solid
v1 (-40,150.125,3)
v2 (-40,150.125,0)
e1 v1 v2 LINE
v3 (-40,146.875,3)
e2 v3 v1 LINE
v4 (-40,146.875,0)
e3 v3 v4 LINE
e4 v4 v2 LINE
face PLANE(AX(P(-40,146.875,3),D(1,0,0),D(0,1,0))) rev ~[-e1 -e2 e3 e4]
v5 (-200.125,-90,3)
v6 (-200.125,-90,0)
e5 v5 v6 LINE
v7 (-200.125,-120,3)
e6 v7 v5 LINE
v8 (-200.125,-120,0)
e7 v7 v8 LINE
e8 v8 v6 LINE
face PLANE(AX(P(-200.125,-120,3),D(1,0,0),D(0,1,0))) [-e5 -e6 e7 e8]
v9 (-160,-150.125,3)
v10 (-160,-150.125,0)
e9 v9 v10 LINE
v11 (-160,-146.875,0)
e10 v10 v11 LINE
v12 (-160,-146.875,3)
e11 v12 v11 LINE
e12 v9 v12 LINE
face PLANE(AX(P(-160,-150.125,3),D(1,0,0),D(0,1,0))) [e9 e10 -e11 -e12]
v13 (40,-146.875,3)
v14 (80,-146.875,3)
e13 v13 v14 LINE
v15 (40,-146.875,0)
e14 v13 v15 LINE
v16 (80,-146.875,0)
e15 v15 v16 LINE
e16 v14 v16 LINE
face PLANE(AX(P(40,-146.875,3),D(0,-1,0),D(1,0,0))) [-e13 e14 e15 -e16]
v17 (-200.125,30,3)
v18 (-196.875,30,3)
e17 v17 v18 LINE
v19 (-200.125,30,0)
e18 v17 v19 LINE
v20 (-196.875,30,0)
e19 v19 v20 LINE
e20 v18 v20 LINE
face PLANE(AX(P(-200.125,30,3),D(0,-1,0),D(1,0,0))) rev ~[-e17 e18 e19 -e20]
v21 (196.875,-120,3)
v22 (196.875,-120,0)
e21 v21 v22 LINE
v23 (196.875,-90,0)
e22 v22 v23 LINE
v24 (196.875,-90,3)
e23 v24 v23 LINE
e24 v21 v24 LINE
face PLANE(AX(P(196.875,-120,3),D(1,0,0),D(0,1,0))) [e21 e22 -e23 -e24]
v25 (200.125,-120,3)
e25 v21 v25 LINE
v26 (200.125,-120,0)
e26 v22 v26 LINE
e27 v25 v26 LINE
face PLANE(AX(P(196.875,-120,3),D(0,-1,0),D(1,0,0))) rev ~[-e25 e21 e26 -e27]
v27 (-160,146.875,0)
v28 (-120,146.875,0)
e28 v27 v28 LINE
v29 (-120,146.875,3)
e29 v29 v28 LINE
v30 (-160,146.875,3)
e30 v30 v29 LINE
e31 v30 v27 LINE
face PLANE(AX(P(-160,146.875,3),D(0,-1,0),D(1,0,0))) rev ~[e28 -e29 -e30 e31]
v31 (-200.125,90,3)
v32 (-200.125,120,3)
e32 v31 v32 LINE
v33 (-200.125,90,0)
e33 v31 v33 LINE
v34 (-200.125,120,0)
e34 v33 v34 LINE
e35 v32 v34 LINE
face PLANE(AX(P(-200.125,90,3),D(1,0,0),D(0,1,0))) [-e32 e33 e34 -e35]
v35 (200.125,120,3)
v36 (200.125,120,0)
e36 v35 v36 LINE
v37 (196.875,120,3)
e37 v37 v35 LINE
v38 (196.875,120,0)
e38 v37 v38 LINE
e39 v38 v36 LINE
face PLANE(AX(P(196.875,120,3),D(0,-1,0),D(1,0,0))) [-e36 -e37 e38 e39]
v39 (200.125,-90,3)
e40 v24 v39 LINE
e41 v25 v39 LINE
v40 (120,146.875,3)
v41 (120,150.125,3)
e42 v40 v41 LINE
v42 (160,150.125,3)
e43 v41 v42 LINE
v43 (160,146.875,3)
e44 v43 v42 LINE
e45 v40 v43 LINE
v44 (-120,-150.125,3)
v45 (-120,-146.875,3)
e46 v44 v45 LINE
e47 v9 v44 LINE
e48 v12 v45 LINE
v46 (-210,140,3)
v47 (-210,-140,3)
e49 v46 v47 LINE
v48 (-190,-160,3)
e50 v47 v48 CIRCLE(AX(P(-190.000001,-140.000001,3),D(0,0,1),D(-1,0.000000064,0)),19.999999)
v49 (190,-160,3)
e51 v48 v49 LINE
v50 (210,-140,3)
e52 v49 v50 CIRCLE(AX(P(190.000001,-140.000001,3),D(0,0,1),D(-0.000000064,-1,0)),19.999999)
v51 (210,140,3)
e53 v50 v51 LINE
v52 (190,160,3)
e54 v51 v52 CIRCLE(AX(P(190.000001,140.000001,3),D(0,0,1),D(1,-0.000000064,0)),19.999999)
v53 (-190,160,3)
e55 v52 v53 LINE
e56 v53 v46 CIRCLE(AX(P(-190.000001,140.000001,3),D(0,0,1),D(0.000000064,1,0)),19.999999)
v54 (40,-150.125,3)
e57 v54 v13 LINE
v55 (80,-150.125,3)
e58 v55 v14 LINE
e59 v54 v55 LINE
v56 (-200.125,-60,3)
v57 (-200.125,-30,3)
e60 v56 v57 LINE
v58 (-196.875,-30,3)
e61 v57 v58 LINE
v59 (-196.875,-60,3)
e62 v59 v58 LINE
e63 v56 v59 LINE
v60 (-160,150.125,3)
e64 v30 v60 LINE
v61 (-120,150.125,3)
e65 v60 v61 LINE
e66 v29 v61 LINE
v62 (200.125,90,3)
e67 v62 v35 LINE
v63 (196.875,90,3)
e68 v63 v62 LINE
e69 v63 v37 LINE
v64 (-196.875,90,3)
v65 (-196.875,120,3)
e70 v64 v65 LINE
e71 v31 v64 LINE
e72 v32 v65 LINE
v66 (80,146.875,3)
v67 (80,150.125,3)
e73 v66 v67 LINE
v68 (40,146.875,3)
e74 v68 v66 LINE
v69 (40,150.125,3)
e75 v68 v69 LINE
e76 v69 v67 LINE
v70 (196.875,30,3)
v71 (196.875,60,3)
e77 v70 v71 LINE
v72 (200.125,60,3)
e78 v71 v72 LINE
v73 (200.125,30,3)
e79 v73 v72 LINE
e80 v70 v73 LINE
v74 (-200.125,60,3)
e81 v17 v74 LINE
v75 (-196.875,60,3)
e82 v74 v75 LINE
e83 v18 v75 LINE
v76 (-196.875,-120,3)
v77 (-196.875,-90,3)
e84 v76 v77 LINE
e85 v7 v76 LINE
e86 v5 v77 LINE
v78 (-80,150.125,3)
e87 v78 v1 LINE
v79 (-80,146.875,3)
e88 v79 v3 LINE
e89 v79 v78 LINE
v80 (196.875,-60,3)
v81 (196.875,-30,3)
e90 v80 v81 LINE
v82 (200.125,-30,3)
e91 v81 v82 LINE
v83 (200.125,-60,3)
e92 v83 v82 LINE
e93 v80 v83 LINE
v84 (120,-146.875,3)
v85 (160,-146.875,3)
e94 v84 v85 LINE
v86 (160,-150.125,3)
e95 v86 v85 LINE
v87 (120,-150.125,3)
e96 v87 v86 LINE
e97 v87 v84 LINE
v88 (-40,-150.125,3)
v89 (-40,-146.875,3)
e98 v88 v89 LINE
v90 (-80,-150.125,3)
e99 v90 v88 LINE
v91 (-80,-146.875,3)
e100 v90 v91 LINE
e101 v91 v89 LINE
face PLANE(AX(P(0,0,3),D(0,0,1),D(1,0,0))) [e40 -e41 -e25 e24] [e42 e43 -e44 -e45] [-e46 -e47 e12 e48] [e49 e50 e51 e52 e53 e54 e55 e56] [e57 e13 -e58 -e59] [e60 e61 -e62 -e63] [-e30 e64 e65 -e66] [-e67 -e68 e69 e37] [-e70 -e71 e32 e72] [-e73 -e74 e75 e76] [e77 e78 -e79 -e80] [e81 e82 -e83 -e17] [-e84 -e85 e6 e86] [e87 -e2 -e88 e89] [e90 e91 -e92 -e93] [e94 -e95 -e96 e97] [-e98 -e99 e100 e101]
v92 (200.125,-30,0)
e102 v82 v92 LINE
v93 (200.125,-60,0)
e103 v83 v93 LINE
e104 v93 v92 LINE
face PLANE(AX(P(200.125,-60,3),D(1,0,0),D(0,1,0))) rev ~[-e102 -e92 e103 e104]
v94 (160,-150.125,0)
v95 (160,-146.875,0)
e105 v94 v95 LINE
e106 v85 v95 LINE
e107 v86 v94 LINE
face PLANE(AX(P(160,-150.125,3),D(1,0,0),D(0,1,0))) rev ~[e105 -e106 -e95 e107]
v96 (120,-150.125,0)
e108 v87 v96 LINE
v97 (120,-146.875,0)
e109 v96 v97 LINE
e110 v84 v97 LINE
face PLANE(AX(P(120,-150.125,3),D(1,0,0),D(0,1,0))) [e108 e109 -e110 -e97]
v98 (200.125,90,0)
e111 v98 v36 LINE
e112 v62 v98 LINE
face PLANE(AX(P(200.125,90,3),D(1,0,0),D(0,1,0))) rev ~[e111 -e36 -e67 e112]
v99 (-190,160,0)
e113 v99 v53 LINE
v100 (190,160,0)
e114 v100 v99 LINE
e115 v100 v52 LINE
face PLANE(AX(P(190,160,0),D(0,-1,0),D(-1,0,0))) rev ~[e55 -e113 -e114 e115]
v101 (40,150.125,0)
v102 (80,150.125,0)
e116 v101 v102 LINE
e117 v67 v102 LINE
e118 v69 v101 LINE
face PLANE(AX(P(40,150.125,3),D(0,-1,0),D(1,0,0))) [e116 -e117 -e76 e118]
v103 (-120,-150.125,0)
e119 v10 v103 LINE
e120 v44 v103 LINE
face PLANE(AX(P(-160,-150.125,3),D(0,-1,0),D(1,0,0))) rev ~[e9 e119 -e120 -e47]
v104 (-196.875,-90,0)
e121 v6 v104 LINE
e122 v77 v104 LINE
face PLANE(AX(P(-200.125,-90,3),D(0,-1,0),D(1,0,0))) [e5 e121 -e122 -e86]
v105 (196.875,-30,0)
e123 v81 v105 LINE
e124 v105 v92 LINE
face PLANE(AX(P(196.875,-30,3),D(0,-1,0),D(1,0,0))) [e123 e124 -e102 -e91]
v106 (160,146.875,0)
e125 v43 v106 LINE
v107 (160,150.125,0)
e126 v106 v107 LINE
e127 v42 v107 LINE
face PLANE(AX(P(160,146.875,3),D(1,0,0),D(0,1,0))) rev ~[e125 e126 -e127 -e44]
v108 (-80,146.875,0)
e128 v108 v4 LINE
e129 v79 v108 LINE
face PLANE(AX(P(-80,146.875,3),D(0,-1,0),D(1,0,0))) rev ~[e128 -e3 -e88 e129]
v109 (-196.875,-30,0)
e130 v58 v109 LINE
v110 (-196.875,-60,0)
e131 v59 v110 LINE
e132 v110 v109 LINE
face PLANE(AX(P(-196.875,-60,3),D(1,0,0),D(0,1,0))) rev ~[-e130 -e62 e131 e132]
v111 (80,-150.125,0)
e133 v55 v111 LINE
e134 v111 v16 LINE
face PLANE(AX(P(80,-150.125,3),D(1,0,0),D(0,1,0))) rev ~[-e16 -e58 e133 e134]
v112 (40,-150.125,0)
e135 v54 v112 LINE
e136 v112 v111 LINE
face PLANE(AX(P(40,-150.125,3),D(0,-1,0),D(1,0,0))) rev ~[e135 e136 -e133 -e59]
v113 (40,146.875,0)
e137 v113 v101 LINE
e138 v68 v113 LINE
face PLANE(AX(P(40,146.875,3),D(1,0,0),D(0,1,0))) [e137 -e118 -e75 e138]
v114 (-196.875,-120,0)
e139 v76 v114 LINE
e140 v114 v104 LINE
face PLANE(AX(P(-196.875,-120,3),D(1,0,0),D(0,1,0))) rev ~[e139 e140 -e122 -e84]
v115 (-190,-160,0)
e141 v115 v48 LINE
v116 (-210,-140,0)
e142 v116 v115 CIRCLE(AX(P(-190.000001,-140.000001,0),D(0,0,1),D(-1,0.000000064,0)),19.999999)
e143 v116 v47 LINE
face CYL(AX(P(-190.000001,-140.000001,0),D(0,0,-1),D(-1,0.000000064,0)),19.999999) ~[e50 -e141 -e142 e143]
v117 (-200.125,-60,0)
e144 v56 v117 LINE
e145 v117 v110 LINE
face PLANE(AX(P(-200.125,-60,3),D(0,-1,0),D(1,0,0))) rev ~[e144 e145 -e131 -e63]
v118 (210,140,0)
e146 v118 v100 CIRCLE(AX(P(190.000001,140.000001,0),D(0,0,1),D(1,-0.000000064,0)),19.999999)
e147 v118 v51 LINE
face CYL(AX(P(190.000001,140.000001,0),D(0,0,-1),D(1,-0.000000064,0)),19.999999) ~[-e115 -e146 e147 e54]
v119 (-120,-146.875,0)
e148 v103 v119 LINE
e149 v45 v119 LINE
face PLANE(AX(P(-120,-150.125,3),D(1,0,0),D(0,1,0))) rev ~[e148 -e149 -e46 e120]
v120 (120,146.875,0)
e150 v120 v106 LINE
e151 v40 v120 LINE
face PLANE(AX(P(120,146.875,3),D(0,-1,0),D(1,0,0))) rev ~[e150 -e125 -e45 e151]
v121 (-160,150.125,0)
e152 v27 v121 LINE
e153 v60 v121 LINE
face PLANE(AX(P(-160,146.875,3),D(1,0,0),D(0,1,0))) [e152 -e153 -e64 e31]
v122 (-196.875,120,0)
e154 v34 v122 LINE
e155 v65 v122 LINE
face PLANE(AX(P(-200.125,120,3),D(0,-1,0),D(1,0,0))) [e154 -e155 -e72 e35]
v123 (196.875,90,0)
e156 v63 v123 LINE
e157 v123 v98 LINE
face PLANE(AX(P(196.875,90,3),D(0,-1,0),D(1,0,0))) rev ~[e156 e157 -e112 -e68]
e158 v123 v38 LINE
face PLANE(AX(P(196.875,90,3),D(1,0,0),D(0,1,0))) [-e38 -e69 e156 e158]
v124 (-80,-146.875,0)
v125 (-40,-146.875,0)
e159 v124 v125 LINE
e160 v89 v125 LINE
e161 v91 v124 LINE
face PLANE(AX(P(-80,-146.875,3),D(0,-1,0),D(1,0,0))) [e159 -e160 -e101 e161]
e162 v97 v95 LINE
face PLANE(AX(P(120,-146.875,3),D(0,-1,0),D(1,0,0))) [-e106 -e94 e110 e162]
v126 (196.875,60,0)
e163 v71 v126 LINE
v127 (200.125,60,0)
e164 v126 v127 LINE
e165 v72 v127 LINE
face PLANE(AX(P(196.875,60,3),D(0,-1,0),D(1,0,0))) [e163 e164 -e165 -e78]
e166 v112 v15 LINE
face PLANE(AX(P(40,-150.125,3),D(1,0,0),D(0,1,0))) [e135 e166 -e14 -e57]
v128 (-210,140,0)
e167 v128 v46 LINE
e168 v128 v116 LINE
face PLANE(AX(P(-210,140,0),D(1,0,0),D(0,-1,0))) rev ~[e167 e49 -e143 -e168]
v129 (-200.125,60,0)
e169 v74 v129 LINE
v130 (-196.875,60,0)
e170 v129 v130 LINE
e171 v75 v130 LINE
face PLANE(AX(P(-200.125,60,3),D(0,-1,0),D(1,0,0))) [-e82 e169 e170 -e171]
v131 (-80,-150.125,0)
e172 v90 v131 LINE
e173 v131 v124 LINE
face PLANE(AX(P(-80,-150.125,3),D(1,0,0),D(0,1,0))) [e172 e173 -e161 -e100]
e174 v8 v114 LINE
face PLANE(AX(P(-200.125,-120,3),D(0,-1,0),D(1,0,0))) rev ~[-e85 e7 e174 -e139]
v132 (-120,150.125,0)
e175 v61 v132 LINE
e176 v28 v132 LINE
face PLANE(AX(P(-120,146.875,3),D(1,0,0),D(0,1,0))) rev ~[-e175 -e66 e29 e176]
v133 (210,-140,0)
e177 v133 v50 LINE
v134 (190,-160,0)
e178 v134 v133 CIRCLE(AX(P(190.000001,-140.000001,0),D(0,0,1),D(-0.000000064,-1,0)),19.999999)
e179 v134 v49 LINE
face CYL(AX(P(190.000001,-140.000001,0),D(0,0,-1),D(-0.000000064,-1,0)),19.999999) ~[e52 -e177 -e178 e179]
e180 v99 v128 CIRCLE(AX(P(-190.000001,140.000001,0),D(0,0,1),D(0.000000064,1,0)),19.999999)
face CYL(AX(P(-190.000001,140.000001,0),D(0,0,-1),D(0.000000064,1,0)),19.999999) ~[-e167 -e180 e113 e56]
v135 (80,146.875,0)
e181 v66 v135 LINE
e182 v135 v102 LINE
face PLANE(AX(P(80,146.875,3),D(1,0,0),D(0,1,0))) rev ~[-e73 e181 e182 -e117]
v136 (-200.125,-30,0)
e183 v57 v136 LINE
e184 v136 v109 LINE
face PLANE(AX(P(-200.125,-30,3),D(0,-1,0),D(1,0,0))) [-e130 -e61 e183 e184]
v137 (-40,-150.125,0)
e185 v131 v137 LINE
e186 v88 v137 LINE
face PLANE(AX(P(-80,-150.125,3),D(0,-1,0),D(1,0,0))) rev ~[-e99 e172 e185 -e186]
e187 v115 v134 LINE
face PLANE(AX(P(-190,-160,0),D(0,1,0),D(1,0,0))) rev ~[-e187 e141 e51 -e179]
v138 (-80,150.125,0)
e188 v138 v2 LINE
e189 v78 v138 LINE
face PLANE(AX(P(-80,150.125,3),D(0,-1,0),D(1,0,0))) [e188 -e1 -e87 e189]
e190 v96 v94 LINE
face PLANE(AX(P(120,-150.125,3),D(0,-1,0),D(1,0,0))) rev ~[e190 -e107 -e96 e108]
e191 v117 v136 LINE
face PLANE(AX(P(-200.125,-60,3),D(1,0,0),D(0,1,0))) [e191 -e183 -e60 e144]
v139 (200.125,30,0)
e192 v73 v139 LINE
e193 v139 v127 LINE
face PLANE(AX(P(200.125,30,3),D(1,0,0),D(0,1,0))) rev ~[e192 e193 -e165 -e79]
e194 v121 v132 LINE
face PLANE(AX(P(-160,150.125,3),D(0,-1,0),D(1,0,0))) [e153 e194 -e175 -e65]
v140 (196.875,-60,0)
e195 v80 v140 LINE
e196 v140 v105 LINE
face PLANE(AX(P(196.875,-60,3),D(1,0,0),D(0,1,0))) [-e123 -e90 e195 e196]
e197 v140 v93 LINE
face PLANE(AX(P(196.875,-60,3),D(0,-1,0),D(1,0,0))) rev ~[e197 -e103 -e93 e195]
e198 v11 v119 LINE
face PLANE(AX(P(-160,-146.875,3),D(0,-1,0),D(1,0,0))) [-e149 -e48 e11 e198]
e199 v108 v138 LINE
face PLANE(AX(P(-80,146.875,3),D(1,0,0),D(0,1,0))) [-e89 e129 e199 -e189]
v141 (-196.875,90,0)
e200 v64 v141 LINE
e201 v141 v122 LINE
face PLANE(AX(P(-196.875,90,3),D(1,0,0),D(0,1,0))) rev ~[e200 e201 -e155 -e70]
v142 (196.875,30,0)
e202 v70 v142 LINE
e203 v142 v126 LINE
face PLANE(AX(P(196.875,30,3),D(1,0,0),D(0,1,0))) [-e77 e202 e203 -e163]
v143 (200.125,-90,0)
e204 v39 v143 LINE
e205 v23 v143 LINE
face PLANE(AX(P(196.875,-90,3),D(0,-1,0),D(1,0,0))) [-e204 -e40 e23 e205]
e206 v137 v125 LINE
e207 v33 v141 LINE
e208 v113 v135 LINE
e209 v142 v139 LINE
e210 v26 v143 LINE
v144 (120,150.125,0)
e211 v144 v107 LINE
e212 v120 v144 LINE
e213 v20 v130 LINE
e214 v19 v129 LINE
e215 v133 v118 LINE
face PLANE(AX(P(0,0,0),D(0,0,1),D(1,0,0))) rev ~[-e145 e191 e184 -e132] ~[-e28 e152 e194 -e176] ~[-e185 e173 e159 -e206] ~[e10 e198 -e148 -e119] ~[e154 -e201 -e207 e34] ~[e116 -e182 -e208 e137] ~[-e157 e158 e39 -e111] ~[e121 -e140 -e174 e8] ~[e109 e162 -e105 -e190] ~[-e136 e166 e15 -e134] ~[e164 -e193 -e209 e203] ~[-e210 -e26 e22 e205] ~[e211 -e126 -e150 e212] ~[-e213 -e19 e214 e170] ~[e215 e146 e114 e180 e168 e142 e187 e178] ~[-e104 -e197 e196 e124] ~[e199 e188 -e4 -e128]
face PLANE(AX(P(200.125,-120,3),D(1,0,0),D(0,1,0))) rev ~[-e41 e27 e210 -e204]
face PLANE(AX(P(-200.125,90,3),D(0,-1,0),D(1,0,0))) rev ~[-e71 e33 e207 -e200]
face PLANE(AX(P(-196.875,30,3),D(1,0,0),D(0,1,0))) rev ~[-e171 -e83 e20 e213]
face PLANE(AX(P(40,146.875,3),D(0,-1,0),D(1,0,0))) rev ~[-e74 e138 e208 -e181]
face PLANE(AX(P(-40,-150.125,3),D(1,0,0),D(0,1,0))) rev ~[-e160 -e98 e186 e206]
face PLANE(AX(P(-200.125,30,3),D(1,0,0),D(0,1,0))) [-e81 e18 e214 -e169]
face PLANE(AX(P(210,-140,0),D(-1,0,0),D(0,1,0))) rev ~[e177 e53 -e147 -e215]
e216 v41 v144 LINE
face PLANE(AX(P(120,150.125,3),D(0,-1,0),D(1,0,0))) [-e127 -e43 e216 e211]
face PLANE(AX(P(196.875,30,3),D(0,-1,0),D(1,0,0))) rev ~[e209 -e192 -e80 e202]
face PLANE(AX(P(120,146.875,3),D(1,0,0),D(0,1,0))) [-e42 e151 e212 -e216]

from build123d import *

# Parameters (mm, degrees)
F1_DEPTH = 3
F2_W     = 40
F2_H     = 3.25
F2_W_2   = 3.25
F2_H_2   = 30
F3_DEPTH = 3


with BuildPart() as f1:
    # F0 (on Top) → F1 (new body)
    with BuildSketch(Plane.XY):
        with BuildLine():
            Line((190, 160), (-190, 160))
            ThreePointArc((-190, 160), (-204.142136, 154.142136), (-210, 140))
            Line((-210, 140), (-210, -140))
            ThreePointArc((-210, -140), (-204.142136, -154.142136), (-190, -160))
            Line((-190, -160), (190, -160))
            ThreePointArc((190, -160), (204.142136, -154.142136), (210, -140))
            Line((210, -140), (210, 140))
            ThreePointArc((210, 140), (204.142136, 154.142136), (190, 160))
        make_face()
    extrude(amount=F1_DEPTH)

    # F2 (on face) → F3 (cut)
    with BuildSketch(Plane.XY.offset(3)):
        with Locations((-140, 148.5)):
            Rectangle(F2_W, F2_H)
        with Locations((-60, 148.5)):
            Rectangle(F2_W, F2_H)
        with Locations((60, 148.5)):
            Rectangle(F2_W, F2_H)
        with Locations((140, 148.5)):
            Rectangle(F2_W, F2_H)
        with Locations((198.5, 105)):
            Rectangle(F2_W_2, F2_H_2)
        with Locations((198.5, 45)):
            Rectangle(F2_W_2, F2_H_2)
        with Locations((198.5, -45)):
            Rectangle(F2_W_2, F2_H_2)
        with Locations((-198.5, 105)):
            Rectangle(F2_W_2, F2_H_2)
        with Locations((-198.5, 45)):
            Rectangle(F2_W_2, F2_H_2)
        with Locations((-198.5, -45)):
            Rectangle(F2_W_2, F2_H_2)
        with Locations((-198.5, -105)):
            Rectangle(F2_W_2, F2_H_2)
        with Locations((-140, -148.5)):
            Rectangle(F2_W, F2_H)
        with Locations((-60, -148.5)):
            Rectangle(F2_W, F2_H)
        with Locations((60, -148.5)):
            Rectangle(F2_W, F2_H)
        with Locations((140, -148.5)):
            Rectangle(F2_W, F2_H)
        with Locations((198.5, -105)):
            Rectangle(F2_W_2, F2_H_2)
    extrude(amount=-F3_DEPTH, mode=Mode.SUBTRACT)


solid = f1.part
